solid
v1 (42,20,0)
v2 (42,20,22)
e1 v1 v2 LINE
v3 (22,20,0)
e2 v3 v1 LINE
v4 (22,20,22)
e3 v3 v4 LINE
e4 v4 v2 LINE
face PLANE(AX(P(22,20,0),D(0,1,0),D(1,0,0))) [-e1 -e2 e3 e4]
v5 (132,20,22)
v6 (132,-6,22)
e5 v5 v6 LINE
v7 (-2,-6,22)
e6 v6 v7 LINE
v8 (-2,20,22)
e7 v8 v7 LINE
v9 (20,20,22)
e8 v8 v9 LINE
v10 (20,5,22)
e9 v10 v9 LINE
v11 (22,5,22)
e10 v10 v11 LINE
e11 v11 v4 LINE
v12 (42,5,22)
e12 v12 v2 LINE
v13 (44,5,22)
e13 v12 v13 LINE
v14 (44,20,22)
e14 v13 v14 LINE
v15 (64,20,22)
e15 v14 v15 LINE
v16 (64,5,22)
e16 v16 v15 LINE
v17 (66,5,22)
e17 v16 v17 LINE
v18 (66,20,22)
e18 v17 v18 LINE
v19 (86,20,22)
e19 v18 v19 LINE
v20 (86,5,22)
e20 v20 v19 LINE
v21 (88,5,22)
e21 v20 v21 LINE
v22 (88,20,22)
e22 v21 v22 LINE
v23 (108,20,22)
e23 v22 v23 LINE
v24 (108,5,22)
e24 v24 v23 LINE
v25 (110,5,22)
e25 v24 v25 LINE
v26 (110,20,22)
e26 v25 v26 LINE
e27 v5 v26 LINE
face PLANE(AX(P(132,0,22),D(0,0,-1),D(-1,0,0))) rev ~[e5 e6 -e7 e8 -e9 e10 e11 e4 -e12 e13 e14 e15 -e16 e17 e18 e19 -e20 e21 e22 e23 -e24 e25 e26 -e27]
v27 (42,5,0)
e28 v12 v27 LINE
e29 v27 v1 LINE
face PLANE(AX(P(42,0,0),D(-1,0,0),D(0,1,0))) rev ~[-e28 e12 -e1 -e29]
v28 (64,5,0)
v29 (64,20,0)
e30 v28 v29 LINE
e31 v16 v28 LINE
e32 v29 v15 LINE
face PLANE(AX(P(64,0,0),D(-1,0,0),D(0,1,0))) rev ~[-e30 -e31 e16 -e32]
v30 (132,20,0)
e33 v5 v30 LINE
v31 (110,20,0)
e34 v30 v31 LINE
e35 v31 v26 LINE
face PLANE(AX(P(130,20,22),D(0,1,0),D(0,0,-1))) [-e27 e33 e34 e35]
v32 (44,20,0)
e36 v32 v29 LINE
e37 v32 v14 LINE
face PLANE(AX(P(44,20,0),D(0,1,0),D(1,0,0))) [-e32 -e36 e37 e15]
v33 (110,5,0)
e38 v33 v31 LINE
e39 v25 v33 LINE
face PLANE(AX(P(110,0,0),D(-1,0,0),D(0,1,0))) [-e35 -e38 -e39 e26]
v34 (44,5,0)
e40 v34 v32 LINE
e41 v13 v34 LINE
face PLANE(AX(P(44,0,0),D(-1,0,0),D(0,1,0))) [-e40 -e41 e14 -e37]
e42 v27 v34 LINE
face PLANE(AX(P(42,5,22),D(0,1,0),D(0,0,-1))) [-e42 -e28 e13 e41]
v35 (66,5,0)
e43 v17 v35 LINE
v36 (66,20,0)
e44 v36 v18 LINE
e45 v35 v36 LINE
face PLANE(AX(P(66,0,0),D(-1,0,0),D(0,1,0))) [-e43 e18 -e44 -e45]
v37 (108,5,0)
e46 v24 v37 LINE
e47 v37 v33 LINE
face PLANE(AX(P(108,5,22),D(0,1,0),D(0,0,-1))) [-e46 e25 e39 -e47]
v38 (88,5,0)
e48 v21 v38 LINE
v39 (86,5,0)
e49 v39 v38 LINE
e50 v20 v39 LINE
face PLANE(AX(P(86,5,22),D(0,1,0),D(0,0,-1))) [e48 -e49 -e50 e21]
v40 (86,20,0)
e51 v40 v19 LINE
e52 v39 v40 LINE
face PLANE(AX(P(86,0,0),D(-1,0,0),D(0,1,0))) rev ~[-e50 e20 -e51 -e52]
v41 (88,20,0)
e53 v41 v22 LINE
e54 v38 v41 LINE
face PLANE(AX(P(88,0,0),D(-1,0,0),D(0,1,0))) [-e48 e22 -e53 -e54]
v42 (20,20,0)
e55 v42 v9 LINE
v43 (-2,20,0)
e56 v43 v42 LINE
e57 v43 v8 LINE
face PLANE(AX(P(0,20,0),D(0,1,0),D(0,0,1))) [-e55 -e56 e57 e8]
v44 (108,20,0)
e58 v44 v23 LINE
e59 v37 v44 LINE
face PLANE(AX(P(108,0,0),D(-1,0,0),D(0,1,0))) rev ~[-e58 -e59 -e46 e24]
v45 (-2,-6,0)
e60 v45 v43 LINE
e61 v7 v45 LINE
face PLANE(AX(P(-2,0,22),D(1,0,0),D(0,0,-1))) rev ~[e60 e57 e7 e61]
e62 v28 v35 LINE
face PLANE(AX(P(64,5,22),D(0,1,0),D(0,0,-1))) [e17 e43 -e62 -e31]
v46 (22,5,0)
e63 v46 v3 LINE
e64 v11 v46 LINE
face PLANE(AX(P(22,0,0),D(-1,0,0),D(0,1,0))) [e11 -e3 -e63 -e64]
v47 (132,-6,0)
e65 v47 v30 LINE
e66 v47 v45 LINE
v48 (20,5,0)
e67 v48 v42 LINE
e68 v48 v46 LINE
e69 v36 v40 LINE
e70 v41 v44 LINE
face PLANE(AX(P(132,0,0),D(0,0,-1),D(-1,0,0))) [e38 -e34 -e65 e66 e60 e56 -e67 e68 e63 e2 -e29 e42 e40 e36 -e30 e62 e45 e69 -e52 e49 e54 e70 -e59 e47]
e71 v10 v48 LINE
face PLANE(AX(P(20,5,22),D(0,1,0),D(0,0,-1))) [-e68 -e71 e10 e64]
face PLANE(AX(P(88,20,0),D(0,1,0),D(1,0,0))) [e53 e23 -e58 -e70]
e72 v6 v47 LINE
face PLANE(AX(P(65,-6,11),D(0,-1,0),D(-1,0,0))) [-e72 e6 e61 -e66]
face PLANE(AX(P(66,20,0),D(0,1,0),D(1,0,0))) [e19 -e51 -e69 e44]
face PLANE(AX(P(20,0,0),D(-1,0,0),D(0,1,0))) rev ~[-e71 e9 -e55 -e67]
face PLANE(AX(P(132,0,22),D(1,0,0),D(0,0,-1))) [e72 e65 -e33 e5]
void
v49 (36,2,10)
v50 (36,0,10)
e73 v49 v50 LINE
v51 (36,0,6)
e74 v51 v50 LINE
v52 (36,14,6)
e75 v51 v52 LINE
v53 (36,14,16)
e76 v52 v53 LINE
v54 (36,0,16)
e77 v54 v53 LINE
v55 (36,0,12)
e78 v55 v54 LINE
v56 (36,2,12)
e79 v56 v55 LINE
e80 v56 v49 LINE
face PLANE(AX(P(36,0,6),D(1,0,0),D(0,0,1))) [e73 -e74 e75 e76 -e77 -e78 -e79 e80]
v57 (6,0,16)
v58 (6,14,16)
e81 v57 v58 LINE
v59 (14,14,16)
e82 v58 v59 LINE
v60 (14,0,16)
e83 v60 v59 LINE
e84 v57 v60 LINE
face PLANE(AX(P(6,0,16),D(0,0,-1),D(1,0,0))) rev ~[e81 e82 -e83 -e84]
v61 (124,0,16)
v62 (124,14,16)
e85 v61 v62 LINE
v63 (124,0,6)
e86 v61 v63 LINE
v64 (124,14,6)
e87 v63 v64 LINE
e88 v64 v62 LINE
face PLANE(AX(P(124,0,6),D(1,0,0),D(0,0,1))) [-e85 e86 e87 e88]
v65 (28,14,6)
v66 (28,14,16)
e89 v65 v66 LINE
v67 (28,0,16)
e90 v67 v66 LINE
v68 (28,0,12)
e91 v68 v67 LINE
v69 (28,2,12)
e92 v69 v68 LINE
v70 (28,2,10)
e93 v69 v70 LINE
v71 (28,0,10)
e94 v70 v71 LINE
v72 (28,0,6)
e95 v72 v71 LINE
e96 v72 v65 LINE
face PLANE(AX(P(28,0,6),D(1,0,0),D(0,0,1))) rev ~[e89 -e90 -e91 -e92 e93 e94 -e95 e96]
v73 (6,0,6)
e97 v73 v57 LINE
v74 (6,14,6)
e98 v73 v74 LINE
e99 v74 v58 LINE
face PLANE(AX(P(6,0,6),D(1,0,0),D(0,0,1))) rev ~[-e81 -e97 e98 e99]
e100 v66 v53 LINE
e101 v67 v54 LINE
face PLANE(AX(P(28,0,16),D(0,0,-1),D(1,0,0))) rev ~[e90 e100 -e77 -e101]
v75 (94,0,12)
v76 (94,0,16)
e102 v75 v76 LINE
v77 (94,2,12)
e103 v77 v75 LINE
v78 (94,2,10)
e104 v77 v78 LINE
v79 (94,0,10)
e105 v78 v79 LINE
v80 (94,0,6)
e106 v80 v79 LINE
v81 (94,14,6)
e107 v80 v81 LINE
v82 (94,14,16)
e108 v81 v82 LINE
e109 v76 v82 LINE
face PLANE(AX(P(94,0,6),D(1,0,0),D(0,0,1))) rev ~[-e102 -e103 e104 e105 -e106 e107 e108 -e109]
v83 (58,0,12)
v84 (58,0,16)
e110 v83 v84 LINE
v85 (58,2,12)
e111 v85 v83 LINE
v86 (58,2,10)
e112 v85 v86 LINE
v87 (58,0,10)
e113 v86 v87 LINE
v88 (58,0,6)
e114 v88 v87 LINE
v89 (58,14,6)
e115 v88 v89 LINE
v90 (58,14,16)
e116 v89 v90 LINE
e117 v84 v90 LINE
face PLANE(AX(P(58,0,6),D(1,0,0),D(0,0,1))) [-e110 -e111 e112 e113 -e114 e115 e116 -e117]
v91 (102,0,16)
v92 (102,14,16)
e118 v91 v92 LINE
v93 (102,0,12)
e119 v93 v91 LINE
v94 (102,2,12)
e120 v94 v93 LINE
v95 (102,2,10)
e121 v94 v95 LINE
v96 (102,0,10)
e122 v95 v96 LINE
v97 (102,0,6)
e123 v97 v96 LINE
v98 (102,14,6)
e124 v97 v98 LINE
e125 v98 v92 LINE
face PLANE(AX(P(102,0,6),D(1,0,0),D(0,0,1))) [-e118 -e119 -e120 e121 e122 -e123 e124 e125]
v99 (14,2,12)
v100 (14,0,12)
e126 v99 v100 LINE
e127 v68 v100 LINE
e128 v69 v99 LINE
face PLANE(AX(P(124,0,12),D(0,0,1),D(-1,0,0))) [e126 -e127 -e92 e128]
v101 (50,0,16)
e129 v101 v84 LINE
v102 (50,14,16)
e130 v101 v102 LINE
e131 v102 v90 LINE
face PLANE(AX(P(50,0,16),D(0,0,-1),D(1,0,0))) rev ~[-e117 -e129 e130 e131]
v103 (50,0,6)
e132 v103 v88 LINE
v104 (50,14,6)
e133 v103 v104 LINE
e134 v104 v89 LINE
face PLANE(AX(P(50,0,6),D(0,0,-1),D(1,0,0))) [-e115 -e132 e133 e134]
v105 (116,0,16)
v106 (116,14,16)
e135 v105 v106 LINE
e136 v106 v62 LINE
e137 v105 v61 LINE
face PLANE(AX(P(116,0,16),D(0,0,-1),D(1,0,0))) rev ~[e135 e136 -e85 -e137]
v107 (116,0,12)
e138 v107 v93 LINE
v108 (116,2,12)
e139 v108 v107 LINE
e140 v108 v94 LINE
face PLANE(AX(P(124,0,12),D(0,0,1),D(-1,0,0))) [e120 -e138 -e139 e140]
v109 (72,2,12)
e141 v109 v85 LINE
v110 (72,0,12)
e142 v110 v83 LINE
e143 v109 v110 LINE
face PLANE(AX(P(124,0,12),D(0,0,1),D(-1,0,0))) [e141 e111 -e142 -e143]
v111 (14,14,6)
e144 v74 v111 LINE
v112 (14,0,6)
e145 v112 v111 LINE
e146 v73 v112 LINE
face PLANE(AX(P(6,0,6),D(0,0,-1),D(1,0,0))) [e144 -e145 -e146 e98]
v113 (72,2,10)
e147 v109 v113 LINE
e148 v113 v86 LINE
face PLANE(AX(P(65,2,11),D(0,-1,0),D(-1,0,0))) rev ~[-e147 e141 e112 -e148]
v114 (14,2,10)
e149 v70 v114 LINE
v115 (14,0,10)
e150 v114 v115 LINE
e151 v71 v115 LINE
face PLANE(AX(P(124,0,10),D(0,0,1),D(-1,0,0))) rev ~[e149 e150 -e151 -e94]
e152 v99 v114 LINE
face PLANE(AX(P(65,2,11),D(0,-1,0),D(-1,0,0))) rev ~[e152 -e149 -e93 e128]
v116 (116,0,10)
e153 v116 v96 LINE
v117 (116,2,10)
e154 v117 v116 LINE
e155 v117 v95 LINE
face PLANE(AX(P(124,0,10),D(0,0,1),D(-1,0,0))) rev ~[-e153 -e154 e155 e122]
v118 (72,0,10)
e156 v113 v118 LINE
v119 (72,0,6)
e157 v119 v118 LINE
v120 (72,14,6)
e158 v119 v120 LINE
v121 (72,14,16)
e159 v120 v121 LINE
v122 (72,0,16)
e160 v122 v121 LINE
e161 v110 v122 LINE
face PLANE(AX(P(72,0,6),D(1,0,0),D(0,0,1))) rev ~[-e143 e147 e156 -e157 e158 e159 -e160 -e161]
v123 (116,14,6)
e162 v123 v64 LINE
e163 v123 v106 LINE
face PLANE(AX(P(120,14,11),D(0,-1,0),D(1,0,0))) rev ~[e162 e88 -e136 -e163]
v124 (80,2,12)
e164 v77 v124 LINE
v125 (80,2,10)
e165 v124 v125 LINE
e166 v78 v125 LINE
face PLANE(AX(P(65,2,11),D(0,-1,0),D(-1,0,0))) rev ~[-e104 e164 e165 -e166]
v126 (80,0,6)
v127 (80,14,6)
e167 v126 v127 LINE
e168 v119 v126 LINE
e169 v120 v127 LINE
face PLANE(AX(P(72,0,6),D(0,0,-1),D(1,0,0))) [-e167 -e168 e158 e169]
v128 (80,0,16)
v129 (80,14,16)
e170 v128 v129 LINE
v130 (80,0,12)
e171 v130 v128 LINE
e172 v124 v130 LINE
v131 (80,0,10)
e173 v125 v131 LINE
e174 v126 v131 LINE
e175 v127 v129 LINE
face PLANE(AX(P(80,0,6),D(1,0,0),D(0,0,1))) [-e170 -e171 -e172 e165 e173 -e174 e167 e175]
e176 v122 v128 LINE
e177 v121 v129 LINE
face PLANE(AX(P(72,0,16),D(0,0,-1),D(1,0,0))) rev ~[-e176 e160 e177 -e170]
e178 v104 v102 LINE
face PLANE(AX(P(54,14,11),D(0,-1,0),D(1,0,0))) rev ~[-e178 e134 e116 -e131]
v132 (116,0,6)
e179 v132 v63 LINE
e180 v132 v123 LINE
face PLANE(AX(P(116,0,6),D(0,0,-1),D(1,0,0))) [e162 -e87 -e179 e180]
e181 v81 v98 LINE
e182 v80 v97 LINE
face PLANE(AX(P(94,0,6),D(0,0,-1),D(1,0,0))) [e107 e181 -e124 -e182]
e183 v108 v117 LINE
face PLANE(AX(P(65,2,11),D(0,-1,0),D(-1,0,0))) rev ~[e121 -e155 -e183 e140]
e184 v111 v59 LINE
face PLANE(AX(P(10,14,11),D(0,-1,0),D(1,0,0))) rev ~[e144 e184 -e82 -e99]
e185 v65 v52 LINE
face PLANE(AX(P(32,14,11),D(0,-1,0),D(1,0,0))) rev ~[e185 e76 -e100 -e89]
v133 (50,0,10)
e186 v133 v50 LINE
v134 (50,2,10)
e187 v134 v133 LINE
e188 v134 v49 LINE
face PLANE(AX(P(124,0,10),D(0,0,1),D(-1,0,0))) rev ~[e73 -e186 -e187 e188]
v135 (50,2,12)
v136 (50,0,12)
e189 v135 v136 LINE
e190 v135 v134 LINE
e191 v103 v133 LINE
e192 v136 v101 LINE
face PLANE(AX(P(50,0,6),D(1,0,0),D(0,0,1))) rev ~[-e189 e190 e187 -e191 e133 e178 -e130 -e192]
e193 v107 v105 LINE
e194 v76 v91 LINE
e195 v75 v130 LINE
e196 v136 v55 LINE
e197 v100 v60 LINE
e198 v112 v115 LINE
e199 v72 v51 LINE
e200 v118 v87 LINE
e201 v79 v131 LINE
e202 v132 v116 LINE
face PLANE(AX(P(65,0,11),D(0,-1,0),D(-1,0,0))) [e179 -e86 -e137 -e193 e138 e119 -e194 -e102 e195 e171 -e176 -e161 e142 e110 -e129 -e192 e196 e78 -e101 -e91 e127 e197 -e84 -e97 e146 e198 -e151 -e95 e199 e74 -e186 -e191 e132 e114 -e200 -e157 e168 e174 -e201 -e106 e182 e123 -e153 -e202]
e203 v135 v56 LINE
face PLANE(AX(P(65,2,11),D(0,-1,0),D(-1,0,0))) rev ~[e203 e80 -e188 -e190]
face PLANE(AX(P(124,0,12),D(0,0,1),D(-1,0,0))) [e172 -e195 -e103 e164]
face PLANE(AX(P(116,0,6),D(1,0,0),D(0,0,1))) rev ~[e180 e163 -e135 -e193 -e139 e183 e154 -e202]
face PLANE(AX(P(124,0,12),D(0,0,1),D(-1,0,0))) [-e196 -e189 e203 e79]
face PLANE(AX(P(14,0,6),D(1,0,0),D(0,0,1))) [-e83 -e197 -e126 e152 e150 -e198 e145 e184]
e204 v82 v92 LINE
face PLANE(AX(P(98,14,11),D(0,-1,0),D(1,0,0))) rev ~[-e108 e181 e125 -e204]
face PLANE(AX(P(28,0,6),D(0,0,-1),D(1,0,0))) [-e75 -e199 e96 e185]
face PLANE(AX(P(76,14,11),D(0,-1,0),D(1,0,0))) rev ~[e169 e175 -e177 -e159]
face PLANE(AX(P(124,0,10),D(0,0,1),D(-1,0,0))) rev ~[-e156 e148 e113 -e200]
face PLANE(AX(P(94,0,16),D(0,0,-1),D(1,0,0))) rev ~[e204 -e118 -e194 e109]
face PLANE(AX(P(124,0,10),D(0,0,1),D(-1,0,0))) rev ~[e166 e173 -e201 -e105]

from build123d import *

# Parameters (mm, degrees)
SKETCH1_W           = 20
SKETCH1_H           = 20
BOSS_EXTRUDE1_DEPTH = 22
SKETCH2_W           = 8
SKETCH2_H           = 10
CUT_EXTRUDE1_DEPTH  = 14
SKETCH3_W           = 22
SKETCH3_H           = 5
BOSS_EXTRUDE2_DEPTH = 2
LPATTERN1_COUNT     = 6
LPATTERN1_PITCH     = 22
SKETCH4_W           = 22
SKETCH4_H           = 15
BOSS_EXTRUDE3_DEPTH = 2
SKETCH5_W           = 22
SKETCH5_H           = 20
BOSS_EXTRUDE4_DEPTH = 2
SKETCH6_W           = 118
SKETCH6_H           = 2
CUT_EXTRUDE2_DEPTH  = 2
SKETCH7_W           = 134
SKETCH7_H           = 22
BOSS_EXTRUDE5_DEPTH = 6


with BuildPart() as part:
    # Sketch1 → Boss-Extrude1 (new body)
    with BuildSketch(Plane.XY):
        with Locations((10, 10)):
            Rectangle(SKETCH1_W, SKETCH1_H)
    extrude(amount=BOSS_EXTRUDE1_DEPTH)

    # Sketch2 → Cut-Extrude1 (cut)
    with BuildSketch(Plane.XZ):
        with Locations((10, 11)):
            Rectangle(SKETCH2_W, SKETCH2_H)
    extrude(amount=-CUT_EXTRUDE1_DEPTH, mode=Mode.SUBTRACT)

    # Sketch3 → Boss-Extrude2 (add)
    with BuildSketch(Plane(origin=(20, 0, 0), x_dir=(0, 0, -1), z_dir=(1, 0, 0))):
        with Locations((-11, 2.5)):
            Rectangle(SKETCH3_W, SKETCH3_H)
    extrude(amount=BOSS_EXTRUDE2_DEPTH)


with BuildPart() as lpattern1_1:
    # LPattern1: pattern copy
    add(part.part.moved(Location(Vector(1, 0, 0) * (1 * LPATTERN1_PITCH))))


with BuildPart() as lpattern1_2:
    # LPattern1: pattern copy
    add(part.part.moved(Location(Vector(1, 0, 0) * (2 * LPATTERN1_PITCH))))


with BuildPart() as lpattern1_3:
    # LPattern1: pattern copy
    add(part.part.moved(Location(Vector(1, 0, 0) * (3 * LPATTERN1_PITCH))))


with BuildPart() as lpattern1_4:
    # LPattern1: pattern copy
    add(part.part.moved(Location(Vector(1, 0, 0) * (4 * LPATTERN1_PITCH))))


with BuildPart() as lpattern1_5:
    # LPattern1: pattern copy
    add(part.part.moved(Location(Vector(1, 0, 0) * (5 * LPATTERN1_PITCH))))


with BuildPart() as lpattern1_1_1:
    add(lpattern1_1.part)

    # Combine1: union LPattern1_2, LPattern1_3, LPattern1_4, LPattern1_5, part
    add(lpattern1_2.part)
    add(lpattern1_3.part)
    add(lpattern1_4.part)
    add(lpattern1_5.part)
    add(part.part)

    # Sketch4 → Boss-Extrude3 (add)
    with BuildSketch(Plane(origin=(130, 0, 0), x_dir=(0, 0, -1), z_dir=(1, 0, 0))):
        with Locations((-11, 12.5)):
            Rectangle(SKETCH4_W, SKETCH4_H)
    extrude(amount=BOSS_EXTRUDE3_DEPTH)

    # Sketch5 → Boss-Extrude4 (add)
    with BuildSketch(Plane.ZY):
        with Locations((11, 10)):
            Rectangle(SKETCH5_W, SKETCH5_H)
    extrude(amount=BOSS_EXTRUDE4_DEPTH)

    # Sketch6 → Cut-Extrude2 (cut)
    with BuildSketch(Plane(origin=(0, 0, 0), x_dir=(-1, 0, 0), z_dir=(0, -1, 0))):
        with Locations((-65, -11)):
            Rectangle(SKETCH6_W, SKETCH6_H)
    extrude(amount=-CUT_EXTRUDE2_DEPTH, mode=Mode.SUBTRACT)

    # Sketch7 → Boss-Extrude5 (add)
    with BuildSketch(Plane(origin=(0, 0, 0), x_dir=(-1, 0, 0), z_dir=(0, -1, 0))):
        with Locations((-65, -11)):
            Rectangle(SKETCH7_W, SKETCH7_H)
    extrude(amount=BOSS_EXTRUDE5_DEPTH)


solid = lpattern1_1_1.part
